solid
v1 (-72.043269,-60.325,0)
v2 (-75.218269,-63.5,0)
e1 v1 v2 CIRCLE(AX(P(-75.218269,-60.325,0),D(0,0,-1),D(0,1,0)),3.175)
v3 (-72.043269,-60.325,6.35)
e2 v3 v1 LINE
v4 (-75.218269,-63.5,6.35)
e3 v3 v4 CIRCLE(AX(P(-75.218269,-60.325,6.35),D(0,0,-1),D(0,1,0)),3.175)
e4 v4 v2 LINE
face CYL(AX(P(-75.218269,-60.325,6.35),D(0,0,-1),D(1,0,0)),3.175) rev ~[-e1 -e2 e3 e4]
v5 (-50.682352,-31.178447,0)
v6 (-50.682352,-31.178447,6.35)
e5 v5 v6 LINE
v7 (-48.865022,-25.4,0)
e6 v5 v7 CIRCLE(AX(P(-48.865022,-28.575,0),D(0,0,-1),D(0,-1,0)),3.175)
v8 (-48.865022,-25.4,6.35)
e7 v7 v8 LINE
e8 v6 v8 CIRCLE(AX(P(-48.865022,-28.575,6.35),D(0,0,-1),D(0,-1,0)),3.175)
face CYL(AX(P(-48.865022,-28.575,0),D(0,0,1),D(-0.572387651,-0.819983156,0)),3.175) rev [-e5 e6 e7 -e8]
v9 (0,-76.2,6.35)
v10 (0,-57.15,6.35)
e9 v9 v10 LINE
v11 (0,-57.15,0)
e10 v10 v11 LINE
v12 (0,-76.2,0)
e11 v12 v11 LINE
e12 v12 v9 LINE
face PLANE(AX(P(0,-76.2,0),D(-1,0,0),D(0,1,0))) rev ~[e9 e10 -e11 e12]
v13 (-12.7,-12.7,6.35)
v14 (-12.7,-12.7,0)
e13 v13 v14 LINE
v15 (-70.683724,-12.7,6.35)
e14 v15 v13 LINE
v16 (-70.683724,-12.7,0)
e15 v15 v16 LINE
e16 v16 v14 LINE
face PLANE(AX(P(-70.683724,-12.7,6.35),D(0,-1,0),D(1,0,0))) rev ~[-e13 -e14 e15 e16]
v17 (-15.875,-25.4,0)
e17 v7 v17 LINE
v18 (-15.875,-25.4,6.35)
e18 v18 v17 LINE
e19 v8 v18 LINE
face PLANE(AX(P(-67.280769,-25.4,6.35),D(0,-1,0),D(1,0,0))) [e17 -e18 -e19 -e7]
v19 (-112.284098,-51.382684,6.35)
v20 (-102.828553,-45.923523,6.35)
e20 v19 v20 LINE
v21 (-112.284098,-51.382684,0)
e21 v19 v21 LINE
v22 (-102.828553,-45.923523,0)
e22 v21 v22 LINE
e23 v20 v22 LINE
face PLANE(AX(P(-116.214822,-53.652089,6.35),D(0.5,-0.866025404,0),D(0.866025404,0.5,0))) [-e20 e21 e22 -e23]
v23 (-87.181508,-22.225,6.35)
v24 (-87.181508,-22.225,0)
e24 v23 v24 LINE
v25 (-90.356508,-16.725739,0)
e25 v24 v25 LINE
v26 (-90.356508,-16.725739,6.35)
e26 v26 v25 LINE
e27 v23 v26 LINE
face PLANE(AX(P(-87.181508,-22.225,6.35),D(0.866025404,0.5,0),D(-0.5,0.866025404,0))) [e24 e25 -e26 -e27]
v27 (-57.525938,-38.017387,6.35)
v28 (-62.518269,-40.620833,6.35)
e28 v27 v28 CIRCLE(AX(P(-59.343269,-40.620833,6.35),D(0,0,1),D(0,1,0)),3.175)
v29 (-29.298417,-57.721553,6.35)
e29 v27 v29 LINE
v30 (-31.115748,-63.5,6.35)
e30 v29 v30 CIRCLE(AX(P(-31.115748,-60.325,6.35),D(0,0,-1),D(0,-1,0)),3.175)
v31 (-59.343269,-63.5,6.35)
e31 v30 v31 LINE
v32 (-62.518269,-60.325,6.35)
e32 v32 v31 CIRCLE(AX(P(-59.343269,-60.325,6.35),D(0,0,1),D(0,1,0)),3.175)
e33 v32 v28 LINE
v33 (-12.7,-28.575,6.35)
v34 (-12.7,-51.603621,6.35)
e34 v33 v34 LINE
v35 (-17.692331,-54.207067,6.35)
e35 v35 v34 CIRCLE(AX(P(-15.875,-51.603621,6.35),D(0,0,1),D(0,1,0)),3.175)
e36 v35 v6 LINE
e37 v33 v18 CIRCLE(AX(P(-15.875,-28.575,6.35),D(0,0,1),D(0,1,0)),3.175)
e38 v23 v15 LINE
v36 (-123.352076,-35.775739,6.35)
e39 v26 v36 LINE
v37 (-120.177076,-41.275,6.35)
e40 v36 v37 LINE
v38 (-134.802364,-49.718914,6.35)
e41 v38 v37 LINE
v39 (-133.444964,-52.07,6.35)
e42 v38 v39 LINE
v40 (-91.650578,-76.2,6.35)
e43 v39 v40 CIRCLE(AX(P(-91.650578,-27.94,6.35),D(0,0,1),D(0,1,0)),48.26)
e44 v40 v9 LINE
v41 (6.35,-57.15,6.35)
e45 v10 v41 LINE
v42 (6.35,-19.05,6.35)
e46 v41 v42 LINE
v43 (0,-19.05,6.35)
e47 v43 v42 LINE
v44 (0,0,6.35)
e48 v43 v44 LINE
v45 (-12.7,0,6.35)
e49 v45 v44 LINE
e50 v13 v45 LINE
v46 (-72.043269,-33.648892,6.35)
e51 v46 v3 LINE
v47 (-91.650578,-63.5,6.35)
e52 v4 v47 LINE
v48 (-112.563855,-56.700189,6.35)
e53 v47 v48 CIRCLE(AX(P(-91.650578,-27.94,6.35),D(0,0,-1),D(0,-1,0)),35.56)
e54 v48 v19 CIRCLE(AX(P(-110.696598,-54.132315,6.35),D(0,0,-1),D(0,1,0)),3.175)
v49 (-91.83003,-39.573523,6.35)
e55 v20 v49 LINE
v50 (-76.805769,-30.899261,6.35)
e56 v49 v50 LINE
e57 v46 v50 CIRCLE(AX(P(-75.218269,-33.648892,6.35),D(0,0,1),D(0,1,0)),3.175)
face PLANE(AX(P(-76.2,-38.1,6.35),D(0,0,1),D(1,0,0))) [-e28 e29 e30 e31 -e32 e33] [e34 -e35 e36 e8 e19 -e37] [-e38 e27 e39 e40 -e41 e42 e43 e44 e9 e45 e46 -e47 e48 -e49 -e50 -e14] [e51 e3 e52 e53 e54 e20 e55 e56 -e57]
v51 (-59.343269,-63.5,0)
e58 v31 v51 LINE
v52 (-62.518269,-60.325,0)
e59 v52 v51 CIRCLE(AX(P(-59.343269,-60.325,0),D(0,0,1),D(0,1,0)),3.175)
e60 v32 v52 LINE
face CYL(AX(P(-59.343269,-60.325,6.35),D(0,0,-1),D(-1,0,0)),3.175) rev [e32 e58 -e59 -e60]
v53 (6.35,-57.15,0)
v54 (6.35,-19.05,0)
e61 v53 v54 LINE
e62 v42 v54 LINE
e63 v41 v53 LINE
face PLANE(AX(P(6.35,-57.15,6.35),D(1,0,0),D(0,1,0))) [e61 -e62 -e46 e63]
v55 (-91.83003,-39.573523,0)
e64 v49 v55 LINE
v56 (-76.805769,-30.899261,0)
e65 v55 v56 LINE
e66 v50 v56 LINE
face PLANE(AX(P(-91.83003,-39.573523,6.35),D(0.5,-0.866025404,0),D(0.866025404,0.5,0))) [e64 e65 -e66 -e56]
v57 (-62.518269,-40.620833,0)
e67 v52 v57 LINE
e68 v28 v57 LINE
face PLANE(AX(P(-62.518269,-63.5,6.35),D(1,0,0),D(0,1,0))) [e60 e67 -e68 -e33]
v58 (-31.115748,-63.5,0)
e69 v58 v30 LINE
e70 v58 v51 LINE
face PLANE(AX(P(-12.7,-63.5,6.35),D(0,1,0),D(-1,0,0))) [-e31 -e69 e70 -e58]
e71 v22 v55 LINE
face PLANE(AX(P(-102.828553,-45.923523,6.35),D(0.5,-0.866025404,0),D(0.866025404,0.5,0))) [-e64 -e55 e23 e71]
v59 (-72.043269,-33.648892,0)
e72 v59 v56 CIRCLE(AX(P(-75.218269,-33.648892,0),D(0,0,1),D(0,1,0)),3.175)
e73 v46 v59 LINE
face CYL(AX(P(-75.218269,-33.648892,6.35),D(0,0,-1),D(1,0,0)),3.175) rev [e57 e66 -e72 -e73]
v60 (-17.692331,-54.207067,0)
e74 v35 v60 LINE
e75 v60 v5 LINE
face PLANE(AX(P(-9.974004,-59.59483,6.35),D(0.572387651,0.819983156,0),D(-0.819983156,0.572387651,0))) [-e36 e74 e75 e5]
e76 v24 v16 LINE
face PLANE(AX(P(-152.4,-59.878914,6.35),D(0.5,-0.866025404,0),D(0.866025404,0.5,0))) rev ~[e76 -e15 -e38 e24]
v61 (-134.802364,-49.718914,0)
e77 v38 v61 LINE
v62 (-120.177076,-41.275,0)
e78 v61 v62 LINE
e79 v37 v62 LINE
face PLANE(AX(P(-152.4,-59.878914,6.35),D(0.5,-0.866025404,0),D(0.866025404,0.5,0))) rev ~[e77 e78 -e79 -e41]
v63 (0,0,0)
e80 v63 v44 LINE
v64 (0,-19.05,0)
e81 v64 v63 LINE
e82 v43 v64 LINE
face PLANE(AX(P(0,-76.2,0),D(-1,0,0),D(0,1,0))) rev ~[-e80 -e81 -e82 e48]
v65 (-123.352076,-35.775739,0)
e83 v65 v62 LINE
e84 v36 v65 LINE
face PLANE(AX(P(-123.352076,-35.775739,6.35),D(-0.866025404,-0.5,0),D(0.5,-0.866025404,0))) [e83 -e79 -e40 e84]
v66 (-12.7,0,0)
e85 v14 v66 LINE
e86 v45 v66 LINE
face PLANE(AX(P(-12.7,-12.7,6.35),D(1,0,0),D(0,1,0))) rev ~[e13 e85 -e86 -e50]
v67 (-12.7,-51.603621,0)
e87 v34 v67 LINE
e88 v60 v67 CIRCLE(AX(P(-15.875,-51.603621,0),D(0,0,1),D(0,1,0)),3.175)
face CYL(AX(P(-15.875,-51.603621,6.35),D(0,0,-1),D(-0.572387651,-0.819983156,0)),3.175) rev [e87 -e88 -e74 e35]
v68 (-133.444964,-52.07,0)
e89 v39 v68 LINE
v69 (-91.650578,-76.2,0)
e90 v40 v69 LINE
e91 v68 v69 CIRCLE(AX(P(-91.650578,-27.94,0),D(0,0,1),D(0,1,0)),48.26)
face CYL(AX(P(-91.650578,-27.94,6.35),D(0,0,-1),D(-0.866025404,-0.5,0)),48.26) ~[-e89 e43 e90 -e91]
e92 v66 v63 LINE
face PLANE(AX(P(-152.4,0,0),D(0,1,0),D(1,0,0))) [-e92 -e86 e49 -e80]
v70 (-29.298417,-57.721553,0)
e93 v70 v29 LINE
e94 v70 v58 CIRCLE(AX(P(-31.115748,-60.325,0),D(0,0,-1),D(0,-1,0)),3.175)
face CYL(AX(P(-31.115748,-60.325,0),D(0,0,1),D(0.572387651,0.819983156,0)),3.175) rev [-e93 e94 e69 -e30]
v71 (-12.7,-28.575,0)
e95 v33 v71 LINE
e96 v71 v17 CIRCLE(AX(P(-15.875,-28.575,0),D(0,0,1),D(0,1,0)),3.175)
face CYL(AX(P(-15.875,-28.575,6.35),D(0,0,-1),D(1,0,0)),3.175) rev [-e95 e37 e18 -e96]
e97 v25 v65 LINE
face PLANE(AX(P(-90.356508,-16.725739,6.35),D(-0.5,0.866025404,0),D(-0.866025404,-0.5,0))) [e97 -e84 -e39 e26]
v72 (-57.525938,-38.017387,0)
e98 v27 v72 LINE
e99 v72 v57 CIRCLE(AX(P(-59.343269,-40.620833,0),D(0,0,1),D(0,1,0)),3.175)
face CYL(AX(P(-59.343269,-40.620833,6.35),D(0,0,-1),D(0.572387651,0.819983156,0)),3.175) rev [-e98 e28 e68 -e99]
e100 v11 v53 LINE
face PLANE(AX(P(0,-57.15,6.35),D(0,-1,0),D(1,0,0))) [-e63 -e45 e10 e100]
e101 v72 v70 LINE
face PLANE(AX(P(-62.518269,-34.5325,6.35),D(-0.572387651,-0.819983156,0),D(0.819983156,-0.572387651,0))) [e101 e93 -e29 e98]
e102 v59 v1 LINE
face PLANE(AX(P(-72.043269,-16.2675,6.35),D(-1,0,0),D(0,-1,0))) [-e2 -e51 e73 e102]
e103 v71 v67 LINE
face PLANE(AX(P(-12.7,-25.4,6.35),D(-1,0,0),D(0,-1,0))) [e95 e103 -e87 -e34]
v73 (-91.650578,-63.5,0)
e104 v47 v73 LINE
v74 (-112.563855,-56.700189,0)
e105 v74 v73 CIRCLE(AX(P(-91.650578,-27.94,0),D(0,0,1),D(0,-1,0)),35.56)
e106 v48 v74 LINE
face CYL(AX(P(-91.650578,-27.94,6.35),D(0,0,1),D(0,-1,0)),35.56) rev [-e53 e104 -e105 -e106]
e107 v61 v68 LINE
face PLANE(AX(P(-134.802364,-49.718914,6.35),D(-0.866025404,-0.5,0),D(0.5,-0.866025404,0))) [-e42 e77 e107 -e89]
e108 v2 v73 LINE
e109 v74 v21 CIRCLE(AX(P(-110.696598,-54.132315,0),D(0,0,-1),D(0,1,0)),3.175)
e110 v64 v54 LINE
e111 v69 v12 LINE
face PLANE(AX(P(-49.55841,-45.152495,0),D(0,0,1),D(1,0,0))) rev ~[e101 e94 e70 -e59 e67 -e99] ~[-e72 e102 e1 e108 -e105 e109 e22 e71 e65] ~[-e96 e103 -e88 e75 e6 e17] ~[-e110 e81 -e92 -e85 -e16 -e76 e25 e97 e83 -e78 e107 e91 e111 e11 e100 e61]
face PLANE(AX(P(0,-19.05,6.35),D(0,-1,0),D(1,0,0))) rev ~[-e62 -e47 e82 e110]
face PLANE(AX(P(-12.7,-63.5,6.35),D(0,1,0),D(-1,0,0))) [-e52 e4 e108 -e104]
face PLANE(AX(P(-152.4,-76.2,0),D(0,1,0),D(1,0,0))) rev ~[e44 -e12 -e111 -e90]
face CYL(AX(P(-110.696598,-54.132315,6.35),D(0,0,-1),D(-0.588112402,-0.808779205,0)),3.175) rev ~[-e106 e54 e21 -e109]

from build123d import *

# Parameters (mm, degrees)
SKETCH1_W           = 152.4
SKETCH1_H           = 76.2
BOSS_EXTRUDE1_DEPTH = 6.35
SKETCH2_W           = 6.35
SKETCH2_H           = 38.1
BOSS_EXTRUDE2_DEPTH = 6.35
CUT_EXTRUDE1_DEPTH  = 7.35
CUT_EXTRUDE2_DEPTH  = 7.35
BOSS_EXTRUDE3_DEPTH = 6.35
CUT_EXTRUDE3_DEPTH  = 7.35
FILLET1_R           = 48.26
CUT_EXTRUDE4_DEPTH  = 7.35
EXTRUDE_THIN2_DEPTH = 6.35
FILLET2_R           = 3.175


with BuildPart() as part:
    # Sketch1 → Boss-Extrude1 (new body)
    with BuildSketch(Plane.XY):
        with Locations((-76.2, -38.1)):
            Rectangle(SKETCH1_W, SKETCH1_H)
    extrude(amount=BOSS_EXTRUDE1_DEPTH)

    # Sketch2 → Boss-Extrude2 (add)
    with BuildSketch(Plane.XY.offset(6.35)):
        with Locations((3.175, -38.1)):
            Rectangle(SKETCH2_W, SKETCH2_H)
    extrude(amount=-BOSS_EXTRUDE2_DEPTH)

    # Sketch3 → Cut-Extrude1 (cut, through all)
    with BuildSketch(Plane.XY.offset(6.35)):
        Polygon((-152.4, -59.878913996), (-70.683723912, -12.7), (-12.7, -12.7), (-12.7, 0), (-152.4, 0), align=None)
    extrude(amount=-CUT_EXTRUDE1_DEPTH, mode=Mode.SUBTRACT)

    # Sketch4 → Cut-Extrude2 (cut, through all)
    with BuildSketch(Plane.XY.offset(6.35)):
        Polygon((-152.4, -59.878913996), (-133.35, -76.2), (-152.4, -76.2), align=None)
    extrude(amount=-CUT_EXTRUDE2_DEPTH, mode=Mode.SUBTRACT)

    # Sketch5 → Boss-Extrude3 (add)
    with BuildSketch(Plane.XY.offset(6.35)):
        Polygon((-87.181507854, -22.225), (-90.356507854, -16.725738686), (-123.352075739, -35.775738686), (-120.177075739, -41.275), align=None)
    extrude(amount=-BOSS_EXTRUDE3_DEPTH)

    # Sketch6 → Cut-Extrude3 (cut, through all)
    with BuildSketch(Plane.XY.offset(6.35)):
        Polygon((-134.802363795, -49.718913996), (-119.513501663, -76.2), (-133.35, -76.2), (-152.4, -59.878913996), align=None)
    extrude(amount=-CUT_EXTRUDE3_DEPTH, mode=Mode.SUBTRACT)

    # Fillet1
    fillet1_edges = [part.edges().sort_by_distance(p)[0] for p in [
        (-119.513501663, -76.2, 3.175),
    ]]
    fillet(fillet1_edges, radius=FILLET1_R)

    # Sketch7 → Cut-Extrude4 (cut, through all)
    with BuildSketch(Plane.XY.offset(6.35)):
        with BuildLine():
            Line((-102.82855311, -45.923522628), (-91.830030482, -39.573522628))
            Line((-91.830030482, -39.573522628), (-67.280769168, -25.4))
            Line((-67.280769168, -25.4), (-12.7, -25.4))
            Line((-12.7, -25.4), (-12.7, -31.75))
            Line((-12.7, -31.75), (-12.7, -44.45))
            Line((-12.7, -44.45), (-12.7, -63.5))
            Line((-12.7, -63.5), (-91.650577671, -63.5))
            ThreePointArc((-91.650577671, -63.5), (-104.882957084, -60.946328713), (-116.214822021, -53.652088587))
            Line((-116.214822021, -53.652088587), (-102.82855311, -45.923522628))
        make_face()
    extrude(amount=-CUT_EXTRUDE4_DEPTH, mode=Mode.SUBTRACT)

    # Sketch8 → Extrude-Thin2 (add)
    with BuildSketch(Plane.XY.offset(6.35)):
        Polygon((-9.974003812, -59.594830217), (-72.043269168, -16.267499985), (-72.043269168, -63.5), (-62.518269168, -63.5), (-62.518269168, -34.532500015), (-15.425996188, -67.405169783), align=None)
    extrude(amount=-EXTRUDE_THIN2_DEPTH)

    # Fillet2
    fillet2_edges = [part.edges().sort_by_distance(p)[0] for p in [
        (-116.214822021, -53.652088587, 3.175),
        (-12.7, -25.4, 3.175),
        (-21.020410111, -63.5, 3.175),
        (-12.7, -57.691953868, 3.175),
        (-58.960359057, -25.4, 3.175),
        (-72.043269168, -63.5, 3.175),
        (-72.043269168, -28.149630657, 3.175),
        (-62.518269168, -34.532500015, 3.175),
        (-62.518269168, -63.5, 3.175),
    ]]
    fillet(fillet2_edges, radius=FILLET2_R)


solid = part.part
